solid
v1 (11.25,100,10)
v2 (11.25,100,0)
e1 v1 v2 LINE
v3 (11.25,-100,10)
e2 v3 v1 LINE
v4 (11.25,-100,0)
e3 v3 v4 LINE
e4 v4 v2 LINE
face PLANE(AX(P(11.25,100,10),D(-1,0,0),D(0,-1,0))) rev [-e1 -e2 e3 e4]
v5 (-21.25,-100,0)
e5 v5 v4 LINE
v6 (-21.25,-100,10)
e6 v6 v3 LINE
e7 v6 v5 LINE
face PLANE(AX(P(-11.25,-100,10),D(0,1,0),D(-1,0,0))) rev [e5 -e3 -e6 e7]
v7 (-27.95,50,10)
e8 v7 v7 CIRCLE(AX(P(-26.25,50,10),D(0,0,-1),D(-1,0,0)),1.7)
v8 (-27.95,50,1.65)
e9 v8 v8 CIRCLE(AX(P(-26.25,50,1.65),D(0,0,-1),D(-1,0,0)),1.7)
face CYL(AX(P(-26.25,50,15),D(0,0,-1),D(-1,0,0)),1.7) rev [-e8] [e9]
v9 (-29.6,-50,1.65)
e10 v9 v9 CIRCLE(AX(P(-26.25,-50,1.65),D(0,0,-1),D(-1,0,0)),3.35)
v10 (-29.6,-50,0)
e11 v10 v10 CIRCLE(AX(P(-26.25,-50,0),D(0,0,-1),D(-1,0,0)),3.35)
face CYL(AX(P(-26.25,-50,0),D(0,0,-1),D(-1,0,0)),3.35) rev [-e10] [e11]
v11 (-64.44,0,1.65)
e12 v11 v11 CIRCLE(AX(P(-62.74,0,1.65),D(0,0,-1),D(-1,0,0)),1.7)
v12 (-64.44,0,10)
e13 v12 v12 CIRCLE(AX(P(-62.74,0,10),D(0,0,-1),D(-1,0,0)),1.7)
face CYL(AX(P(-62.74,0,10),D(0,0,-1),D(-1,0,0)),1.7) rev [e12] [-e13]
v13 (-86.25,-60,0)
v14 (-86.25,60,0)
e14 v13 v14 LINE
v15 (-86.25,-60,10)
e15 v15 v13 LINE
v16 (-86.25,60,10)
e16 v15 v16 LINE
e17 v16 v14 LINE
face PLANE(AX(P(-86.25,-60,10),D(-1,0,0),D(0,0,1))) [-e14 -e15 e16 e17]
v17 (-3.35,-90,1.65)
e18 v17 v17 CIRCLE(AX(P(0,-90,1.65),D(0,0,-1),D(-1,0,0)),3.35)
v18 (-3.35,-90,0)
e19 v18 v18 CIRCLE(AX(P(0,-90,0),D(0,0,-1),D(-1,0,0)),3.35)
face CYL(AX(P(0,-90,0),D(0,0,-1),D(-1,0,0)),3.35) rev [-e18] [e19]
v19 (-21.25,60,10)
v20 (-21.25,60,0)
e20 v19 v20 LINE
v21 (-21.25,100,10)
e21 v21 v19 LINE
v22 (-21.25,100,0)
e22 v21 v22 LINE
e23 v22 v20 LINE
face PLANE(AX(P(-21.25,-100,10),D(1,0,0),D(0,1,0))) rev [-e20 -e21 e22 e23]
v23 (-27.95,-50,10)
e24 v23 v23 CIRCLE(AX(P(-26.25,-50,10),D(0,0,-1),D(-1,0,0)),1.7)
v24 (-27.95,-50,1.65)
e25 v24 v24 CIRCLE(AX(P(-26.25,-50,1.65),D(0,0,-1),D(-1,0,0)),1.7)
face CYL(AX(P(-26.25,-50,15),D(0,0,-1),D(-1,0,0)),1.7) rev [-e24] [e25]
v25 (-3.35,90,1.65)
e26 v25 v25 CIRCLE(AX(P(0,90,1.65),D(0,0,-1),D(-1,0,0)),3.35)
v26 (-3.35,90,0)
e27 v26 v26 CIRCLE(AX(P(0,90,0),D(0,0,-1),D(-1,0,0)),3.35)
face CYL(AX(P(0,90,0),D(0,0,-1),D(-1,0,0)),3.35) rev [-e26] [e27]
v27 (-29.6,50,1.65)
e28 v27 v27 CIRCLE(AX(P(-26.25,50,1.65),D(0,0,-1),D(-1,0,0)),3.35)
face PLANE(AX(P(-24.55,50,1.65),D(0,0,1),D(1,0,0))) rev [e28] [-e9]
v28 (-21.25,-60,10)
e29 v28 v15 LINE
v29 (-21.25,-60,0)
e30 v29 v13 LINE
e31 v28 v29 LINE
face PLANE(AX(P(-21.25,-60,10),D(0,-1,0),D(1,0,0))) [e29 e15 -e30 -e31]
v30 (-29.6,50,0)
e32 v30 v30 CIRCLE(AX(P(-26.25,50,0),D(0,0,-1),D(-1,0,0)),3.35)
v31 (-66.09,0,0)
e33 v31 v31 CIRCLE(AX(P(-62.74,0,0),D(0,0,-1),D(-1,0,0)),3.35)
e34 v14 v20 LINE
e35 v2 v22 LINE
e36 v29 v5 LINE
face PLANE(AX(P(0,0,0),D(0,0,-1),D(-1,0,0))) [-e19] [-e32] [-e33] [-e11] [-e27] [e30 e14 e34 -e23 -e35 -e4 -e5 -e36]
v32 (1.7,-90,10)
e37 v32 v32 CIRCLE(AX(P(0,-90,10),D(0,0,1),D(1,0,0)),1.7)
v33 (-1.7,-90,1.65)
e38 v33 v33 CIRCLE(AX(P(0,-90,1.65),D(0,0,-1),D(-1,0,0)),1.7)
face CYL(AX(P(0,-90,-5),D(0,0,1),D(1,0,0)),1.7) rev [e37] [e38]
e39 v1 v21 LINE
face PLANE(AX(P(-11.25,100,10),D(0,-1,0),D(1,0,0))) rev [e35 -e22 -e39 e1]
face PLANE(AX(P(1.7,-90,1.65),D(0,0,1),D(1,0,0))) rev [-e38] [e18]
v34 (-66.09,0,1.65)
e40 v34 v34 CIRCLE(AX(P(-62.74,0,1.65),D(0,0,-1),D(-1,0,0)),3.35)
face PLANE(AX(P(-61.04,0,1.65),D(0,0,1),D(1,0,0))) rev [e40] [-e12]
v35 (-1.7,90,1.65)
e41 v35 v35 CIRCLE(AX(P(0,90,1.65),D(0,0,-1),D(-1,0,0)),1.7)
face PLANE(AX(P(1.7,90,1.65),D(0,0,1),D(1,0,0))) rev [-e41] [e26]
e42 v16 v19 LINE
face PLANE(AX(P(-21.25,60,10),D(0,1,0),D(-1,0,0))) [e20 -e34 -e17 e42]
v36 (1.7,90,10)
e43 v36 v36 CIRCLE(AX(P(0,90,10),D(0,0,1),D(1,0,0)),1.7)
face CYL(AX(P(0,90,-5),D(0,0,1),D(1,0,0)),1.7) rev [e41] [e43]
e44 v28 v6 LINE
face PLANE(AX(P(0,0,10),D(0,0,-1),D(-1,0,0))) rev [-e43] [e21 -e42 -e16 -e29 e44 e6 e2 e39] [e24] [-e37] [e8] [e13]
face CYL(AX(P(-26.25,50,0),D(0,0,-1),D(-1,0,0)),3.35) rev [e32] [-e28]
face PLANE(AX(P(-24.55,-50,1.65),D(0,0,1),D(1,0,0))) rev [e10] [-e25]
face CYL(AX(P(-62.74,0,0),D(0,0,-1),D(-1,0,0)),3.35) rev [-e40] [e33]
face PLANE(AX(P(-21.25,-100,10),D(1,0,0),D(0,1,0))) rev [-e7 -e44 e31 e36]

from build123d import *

# Parameters (mm, degrees)
BOSS_EXTRUDE1_DEPTH             = 10
SKETCH4_R                       = 1.7
CUT_EXTRUDE3_DEPTH              = 15
CBORE_FOR_M3_SBHCS1_D           = 3.4
CBORE_FOR_M3_SBHCS1_DEPTH       = 3.15
CBORE_FOR_M3_SBHCS1_CBORE_D     = 6.7
CBORE_FOR_M3_SBHCS1_CBORE_DEPTH = 1.65
CBORE_FOR_M3_SBHCS1_TIP         = 1.021463052
CBORE_FOR_M3_SBHCS2_D           = 3.4
CBORE_FOR_M3_SBHCS2_DEPTH       = 3.15
CBORE_FOR_M3_SBHCS2_CBORE_D     = 6.7
CBORE_FOR_M3_SBHCS2_CBORE_DEPTH = 1.65
CBORE_FOR_M3_SBHCS2_TIP         = 1.021463052
SKETCH7_W                       = 65
SKETCH7_H                       = 120
BOSS_EXTRUDE2_DEPTH             = 10
SKETCH9_W                       = 10
SKETCH9_H                       = 120
BOSS_EXTRUDE3_DEPTH             = 12
SKETCH10_W                      = 65
SKETCH10_H                      = 120
BOSS_EXTRUDE4_DEPTH             = 7
SKETCH11_R                      = 11
BOSS_EXTRUDE5_DEPTH             = 12
SKETCH13_W                      = 65
SKETCH13_H                      = 120
CUT_EXTRUDE4_DEPTH              = 19
SKETCH14_R                      = 1.7
CUT_EXTRUDE5_DEPTH              = 15
CBORE_FOR_M3_SBHCS3_D           = 3.4
CBORE_FOR_M3_SBHCS3_DEPTH       = 3.15
CBORE_FOR_M3_SBHCS3_CBORE_D     = 6.7
CBORE_FOR_M3_SBHCS3_CBORE_DEPTH = 1.65
CBORE_FOR_M3_SBHCS3_TIP         = 1.021463052
SKETCH17_R                      = 1.7
CUT_EXTRUDE6_DEPTH              = 10
CBORE_FOR_M3_SBHCS4_D           = 3.4
CBORE_FOR_M3_SBHCS4_DEPTH       = 3.15
CBORE_FOR_M3_SBHCS4_CBORE_D     = 6.7
CBORE_FOR_M3_SBHCS4_CBORE_DEPTH = 1.65
CBORE_FOR_M3_SBHCS4_TIP         = 1.021463052


with BuildPart() as part:
    # Sketch1 → Boss-Extrude1 (new body)
    with BuildSketch(Plane(origin=(0, 0, 0), x_dir=(0, 1, 0), z_dir=(0, 0, 1))):
        Polygon((-100, 11.25), (-100, 21.25), (100, 21.25), (100, 11.25), (100, -11.25), (-100, -11.25), align=None)
    extrude(amount=BOSS_EXTRUDE1_DEPTH)

    # Sketch4 → Cut-Extrude3 (cut)
    with BuildSketch(Plane.XY.offset(10)):
        with Locations((0, 90)):
            Circle(SKETCH4_R)
        with Locations((0, -90)):
            Circle(SKETCH4_R)
    extrude(amount=-CUT_EXTRUDE3_DEPTH, mode=Mode.SUBTRACT)

    # CBORE for M3 SBHCS1
    with Locations(Plane(origin=(0, 90, 0), x_dir=(-1, 0, 0), z_dir=(0, 0, -1))):
        with Locations((0, 0)):
            CounterBoreHole(CBORE_FOR_M3_SBHCS1_D / 2, CBORE_FOR_M3_SBHCS1_CBORE_D / 2, CBORE_FOR_M3_SBHCS1_CBORE_DEPTH, depth=CBORE_FOR_M3_SBHCS1_DEPTH)
            with Locations((0, 0, -(CBORE_FOR_M3_SBHCS1_DEPTH + CBORE_FOR_M3_SBHCS1_TIP / 2))):  # 118° drill point
                Cone(0, CBORE_FOR_M3_SBHCS1_D / 2, CBORE_FOR_M3_SBHCS1_TIP, mode=Mode.SUBTRACT)

    # CBORE for M3 SBHCS2
    with Locations(Plane(origin=(0, -90, 0), x_dir=(-1, 0, 0), z_dir=(0, 0, -1))):
        with Locations((0, 0)):
            CounterBoreHole(CBORE_FOR_M3_SBHCS2_D / 2, CBORE_FOR_M3_SBHCS2_CBORE_D / 2, CBORE_FOR_M3_SBHCS2_CBORE_DEPTH, depth=CBORE_FOR_M3_SBHCS2_DEPTH)
            with Locations((0, 0, -(CBORE_FOR_M3_SBHCS2_DEPTH + CBORE_FOR_M3_SBHCS2_TIP / 2))):  # 118° drill point
                Cone(0, CBORE_FOR_M3_SBHCS2_D / 2, CBORE_FOR_M3_SBHCS2_TIP, mode=Mode.SUBTRACT)

    # Sketch7 → Boss-Extrude2 (add)
    with BuildSketch(Plane(origin=(0, 0, 0), x_dir=(1, 0, 0), z_dir=(0, 0, -1))):
        with Locations((-53.75, 0)):
            Rectangle(SKETCH7_W, SKETCH7_H)
    extrude(amount=-BOSS_EXTRUDE2_DEPTH)

    # Sketch9 → Boss-Extrude3 (add)
    with BuildSketch(Plane.XY.offset(10)):
        with Locations((-26.25, 0)):
            Rectangle(SKETCH9_W, SKETCH9_H)
    extrude(amount=BOSS_EXTRUDE3_DEPTH)

    # Sketch10 → Boss-Extrude4 (add)
    with BuildSketch(Plane.XY.offset(22)):
        with Locations((-53.75, 0)):
            Rectangle(SKETCH10_W, SKETCH10_H)
    extrude(amount=BOSS_EXTRUDE4_DEPTH)

    # Sketch11 → Boss-Extrude5 (add)
    with BuildSketch(Plane(origin=(0, 0, 22), x_dir=(1, 0, 0), z_dir=(0, 0, -1))):
        with Locations((-62.74, 0)):
            Circle(SKETCH11_R)
    extrude(amount=BOSS_EXTRUDE5_DEPTH)

    # Sketch13 → Cut-Extrude4 (cut)
    with BuildSketch(Plane.XY.offset(29)):
        with Locations((-53.75, 0)):
            Rectangle(SKETCH13_W, SKETCH13_H)
    extrude(amount=-CUT_EXTRUDE4_DEPTH, mode=Mode.SUBTRACT)

    # Sketch14 → Cut-Extrude5 (cut)
    with BuildSketch(Plane(origin=(0, 0, 0), x_dir=(1, 0, 0), z_dir=(0, 0, -1))):
        with Locations((-26.25, 50)):
            Circle(SKETCH14_R)
        with Locations((-26.25, -50)):
            Circle(SKETCH14_R)
    extrude(amount=-CUT_EXTRUDE5_DEPTH, mode=Mode.SUBTRACT)

    # CBORE for M3 SBHCS3
    with Locations(Plane(origin=(-26.25, -50, 0), x_dir=(-1, 0, 0), z_dir=(0, 0, -1))):
        with Locations((0, 0), (0, 100)):
            CounterBoreHole(CBORE_FOR_M3_SBHCS3_D / 2, CBORE_FOR_M3_SBHCS3_CBORE_D / 2, CBORE_FOR_M3_SBHCS3_CBORE_DEPTH, depth=CBORE_FOR_M3_SBHCS3_DEPTH)
            with Locations((0, 0, -(CBORE_FOR_M3_SBHCS3_DEPTH + CBORE_FOR_M3_SBHCS3_TIP / 2))):  # 118° drill point
                Cone(0, CBORE_FOR_M3_SBHCS3_D / 2, CBORE_FOR_M3_SBHCS3_TIP, mode=Mode.SUBTRACT)

    # Sketch17 → Cut-Extrude6 (cut)
    with BuildSketch(Plane(origin=(0, 0, 0), x_dir=(1, 0, 0), z_dir=(0, 0, -1))):
        with Locations((-62.74, 0)):
            Circle(SKETCH17_R)
    extrude(amount=-CUT_EXTRUDE6_DEPTH, mode=Mode.SUBTRACT)

    # CBORE for M3 SBHCS4
    with Locations(Plane(origin=(-62.74, 0, 0), x_dir=(-1, 0, 0), z_dir=(0, 0, -1))):
        with Locations((0, 0)):
            CounterBoreHole(CBORE_FOR_M3_SBHCS4_D / 2, CBORE_FOR_M3_SBHCS4_CBORE_D / 2, CBORE_FOR_M3_SBHCS4_CBORE_DEPTH, depth=CBORE_FOR_M3_SBHCS4_DEPTH)
            with Locations((0, 0, -(CBORE_FOR_M3_SBHCS4_DEPTH + CBORE_FOR_M3_SBHCS4_TIP / 2))):  # 118° drill point
                Cone(0, CBORE_FOR_M3_SBHCS4_D / 2, CBORE_FOR_M3_SBHCS4_TIP, mode=Mode.SUBTRACT)


solid = part.part
